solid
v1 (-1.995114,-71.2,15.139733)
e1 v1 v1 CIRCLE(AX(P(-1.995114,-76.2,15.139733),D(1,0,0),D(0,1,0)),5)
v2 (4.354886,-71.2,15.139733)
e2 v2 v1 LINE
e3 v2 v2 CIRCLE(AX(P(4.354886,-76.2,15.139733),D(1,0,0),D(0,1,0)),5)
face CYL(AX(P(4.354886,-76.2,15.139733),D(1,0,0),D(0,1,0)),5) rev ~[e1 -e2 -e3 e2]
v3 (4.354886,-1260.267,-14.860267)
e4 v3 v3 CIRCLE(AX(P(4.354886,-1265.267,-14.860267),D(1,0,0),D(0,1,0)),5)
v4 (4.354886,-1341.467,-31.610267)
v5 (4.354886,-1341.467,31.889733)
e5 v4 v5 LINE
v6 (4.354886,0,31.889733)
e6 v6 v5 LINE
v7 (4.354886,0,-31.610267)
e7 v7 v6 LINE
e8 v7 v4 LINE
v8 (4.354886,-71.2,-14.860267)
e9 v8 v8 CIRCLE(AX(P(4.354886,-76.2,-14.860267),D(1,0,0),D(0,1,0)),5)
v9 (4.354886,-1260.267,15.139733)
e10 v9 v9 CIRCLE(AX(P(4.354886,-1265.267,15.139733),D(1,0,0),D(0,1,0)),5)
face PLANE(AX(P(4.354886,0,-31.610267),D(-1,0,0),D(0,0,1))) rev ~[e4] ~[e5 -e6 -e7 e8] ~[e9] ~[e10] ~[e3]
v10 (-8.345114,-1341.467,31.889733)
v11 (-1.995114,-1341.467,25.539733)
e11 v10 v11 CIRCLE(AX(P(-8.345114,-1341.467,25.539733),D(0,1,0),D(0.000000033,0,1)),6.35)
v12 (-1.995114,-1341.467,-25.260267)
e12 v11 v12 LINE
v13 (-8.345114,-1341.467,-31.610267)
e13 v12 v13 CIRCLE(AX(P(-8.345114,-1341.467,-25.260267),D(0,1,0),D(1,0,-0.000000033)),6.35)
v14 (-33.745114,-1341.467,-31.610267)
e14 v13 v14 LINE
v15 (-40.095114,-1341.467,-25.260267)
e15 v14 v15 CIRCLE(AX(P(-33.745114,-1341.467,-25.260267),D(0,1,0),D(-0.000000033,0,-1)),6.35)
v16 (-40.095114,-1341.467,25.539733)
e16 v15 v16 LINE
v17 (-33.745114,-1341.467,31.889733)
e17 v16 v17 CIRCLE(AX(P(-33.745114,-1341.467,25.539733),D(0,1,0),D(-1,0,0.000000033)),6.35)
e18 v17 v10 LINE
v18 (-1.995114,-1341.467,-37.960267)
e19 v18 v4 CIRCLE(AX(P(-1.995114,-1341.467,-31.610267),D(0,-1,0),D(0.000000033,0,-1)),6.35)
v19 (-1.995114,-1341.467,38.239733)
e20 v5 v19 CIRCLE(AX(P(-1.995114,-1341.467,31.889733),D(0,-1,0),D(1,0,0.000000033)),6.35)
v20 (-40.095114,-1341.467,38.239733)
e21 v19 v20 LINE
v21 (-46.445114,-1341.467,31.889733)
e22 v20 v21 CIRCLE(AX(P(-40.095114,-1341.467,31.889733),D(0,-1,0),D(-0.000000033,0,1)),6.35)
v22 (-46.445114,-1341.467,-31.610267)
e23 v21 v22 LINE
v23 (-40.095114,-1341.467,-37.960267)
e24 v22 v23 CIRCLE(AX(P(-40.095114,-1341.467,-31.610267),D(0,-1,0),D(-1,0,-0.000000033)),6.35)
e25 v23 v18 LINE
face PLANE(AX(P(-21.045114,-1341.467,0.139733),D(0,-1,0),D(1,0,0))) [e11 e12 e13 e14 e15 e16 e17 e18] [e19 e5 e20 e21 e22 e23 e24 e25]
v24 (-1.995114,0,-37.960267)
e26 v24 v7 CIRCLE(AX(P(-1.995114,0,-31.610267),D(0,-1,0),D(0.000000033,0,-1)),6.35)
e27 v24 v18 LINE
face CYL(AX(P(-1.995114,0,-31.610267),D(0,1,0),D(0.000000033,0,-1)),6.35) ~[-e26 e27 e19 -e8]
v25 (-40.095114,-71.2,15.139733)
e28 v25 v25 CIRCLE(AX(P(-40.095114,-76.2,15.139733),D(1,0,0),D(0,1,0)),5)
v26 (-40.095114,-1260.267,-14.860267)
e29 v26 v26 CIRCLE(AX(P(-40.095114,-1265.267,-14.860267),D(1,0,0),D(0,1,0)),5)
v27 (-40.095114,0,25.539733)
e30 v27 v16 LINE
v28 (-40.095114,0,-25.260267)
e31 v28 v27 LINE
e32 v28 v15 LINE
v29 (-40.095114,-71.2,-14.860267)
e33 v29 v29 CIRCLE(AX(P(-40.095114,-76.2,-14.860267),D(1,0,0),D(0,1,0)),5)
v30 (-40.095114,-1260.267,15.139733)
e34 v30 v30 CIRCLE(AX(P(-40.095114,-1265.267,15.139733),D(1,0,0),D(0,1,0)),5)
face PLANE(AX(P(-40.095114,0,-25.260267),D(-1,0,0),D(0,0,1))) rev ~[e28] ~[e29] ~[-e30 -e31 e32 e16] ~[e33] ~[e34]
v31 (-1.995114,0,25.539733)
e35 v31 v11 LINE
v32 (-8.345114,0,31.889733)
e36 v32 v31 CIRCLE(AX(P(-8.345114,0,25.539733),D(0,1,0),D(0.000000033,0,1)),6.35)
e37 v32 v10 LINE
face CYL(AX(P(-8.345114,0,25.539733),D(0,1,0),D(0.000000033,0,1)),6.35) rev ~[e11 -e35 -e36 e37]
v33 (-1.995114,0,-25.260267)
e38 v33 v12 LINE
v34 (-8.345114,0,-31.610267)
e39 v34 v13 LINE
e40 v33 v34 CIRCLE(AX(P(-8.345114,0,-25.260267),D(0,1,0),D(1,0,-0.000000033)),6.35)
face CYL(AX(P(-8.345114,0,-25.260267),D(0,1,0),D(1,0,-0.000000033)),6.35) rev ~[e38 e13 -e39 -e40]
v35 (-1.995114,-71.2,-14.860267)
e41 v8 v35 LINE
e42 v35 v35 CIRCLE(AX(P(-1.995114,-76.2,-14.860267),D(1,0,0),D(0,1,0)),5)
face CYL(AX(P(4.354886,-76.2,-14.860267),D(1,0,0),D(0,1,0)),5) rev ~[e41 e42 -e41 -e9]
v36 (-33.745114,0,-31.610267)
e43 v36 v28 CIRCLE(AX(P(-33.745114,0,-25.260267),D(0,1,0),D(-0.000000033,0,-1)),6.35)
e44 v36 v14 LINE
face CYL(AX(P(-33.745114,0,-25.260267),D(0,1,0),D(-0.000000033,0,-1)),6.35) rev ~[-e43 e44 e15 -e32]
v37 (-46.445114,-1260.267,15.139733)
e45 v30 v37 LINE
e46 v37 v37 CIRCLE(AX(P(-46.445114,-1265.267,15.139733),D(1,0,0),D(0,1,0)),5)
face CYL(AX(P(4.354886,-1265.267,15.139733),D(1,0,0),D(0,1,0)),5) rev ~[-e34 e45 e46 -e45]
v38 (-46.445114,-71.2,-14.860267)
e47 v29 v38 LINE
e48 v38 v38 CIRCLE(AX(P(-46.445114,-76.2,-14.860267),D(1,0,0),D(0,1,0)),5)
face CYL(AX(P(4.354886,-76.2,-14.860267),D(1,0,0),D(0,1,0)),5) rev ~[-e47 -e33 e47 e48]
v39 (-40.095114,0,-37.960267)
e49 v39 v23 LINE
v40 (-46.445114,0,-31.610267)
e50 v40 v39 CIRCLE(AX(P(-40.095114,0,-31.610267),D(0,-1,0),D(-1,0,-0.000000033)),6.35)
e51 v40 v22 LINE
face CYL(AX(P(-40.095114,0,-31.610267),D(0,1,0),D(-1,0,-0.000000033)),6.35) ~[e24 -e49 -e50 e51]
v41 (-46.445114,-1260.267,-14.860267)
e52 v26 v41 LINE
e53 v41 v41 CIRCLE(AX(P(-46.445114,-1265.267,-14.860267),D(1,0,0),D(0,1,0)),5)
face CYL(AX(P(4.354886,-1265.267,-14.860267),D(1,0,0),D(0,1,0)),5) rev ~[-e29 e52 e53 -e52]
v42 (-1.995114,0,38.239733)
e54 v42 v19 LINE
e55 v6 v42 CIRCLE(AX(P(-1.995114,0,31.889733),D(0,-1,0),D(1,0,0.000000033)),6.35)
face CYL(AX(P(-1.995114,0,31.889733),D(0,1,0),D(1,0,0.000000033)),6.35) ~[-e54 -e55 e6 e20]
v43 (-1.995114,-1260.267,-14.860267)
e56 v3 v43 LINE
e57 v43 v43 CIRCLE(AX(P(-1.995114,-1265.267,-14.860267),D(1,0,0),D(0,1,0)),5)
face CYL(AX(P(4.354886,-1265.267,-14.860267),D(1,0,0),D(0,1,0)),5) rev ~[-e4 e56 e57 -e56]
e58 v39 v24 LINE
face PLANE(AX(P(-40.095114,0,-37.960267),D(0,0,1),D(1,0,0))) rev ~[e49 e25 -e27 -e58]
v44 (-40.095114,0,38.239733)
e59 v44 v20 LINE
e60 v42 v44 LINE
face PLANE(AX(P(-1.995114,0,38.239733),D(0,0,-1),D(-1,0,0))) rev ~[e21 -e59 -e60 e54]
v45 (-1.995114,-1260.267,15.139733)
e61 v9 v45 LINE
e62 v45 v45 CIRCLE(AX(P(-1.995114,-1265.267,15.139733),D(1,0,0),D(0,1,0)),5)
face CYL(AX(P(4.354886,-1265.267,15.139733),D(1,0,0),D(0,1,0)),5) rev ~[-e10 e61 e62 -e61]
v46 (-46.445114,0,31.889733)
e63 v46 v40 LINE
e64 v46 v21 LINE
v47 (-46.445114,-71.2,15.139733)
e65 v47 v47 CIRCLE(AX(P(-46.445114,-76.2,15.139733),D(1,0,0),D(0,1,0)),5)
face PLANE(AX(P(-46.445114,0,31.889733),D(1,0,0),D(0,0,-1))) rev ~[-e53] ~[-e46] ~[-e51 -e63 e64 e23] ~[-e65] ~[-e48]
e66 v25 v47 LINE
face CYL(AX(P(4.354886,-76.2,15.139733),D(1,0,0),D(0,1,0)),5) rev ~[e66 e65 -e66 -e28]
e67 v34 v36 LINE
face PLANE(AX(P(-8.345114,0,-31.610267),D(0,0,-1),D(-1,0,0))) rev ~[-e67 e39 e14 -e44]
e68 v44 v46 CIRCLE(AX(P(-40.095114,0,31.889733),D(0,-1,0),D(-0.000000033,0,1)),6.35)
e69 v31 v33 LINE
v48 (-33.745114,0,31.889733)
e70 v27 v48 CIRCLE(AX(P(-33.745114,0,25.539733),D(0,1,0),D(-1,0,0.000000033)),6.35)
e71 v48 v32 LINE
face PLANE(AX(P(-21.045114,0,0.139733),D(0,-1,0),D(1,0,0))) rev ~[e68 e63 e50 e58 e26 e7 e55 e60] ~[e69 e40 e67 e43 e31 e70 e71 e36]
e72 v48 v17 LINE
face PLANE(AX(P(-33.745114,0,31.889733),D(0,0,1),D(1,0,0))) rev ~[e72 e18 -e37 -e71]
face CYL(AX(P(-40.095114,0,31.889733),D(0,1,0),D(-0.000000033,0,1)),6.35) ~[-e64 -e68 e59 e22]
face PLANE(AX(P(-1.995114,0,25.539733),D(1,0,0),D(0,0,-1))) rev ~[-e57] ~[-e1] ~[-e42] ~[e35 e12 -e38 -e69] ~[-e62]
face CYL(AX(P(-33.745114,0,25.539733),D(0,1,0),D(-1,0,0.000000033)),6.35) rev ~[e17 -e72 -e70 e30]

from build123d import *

# Parameters (mm, degrees)
F1_DEPTH = 1341.467
F2_R     = 5
F3_DEPTH = 50.801


with BuildPart() as f1:
    # F0 (on Front) → F1 (new body)
    with BuildSketch(Plane.XZ):
        with BuildLine():
            Line((-1.995114, 38.239733), (-40.095114, 38.239733))
            ThreePointArc((-40.095114, 38.239733), (-44.585242, 36.379861), (-46.445114, 31.889733))
            Line((-46.445114, 31.889733), (-46.445114, -31.610267))
            ThreePointArc((-46.445114, -31.610267), (-44.585242, -36.100395), (-40.095114, -37.960267))
            Line((-40.095114, -37.960267), (-1.995114, -37.960267))
            ThreePointArc((-1.995114, -37.960267), (2.495014, -36.100395), (4.354886, -31.610267))
            Line((4.354886, -31.610267), (4.354886, 31.889733))
            ThreePointArc((4.354886, 31.889733), (2.495014, 36.379861), (-1.995114, 38.239733))
        make_face()
        with BuildLine():
            ThreePointArc((-40.095114, 25.539733), (-38.235242, 30.029861), (-33.745114, 31.889733))
            Line((-33.745114, 31.889733), (-8.345114, 31.889733))
            ThreePointArc((-8.345114, 31.889733), (-3.854986, 30.029861), (-1.995114, 25.539733))
            Line((-1.995114, 25.539733), (-1.995114, -25.260267))
            ThreePointArc((-1.995114, -25.260267), (-3.854986, -29.750395), (-8.345114, -31.610267))
            Line((-8.345114, -31.610267), (-33.745114, -31.610267))
            ThreePointArc((-33.745114, -31.610267), (-38.235242, -29.750395), (-40.095114, -25.260267))
            Line((-40.095114, -25.260267), (-40.095114, 25.539733))
        make_face(mode=Mode.SUBTRACT)
    extrude(amount=F1_DEPTH)

    # F2 (on face) → F3 (cut, through all)
    with BuildSketch(Plane.YZ.offset(4.354886)):
        with Locations((-76.2, 15.139733)):
            Circle(F2_R)
        with Locations((-76.2, -14.860267)):
            Circle(F2_R)
        with Locations((-1265.267, -14.860267)):
            Circle(F2_R)
        with Locations((-1265.267, 15.139733)):
            Circle(F2_R)
    extrude(amount=-F3_DEPTH, mode=Mode.SUBTRACT)


solid = f1.part
